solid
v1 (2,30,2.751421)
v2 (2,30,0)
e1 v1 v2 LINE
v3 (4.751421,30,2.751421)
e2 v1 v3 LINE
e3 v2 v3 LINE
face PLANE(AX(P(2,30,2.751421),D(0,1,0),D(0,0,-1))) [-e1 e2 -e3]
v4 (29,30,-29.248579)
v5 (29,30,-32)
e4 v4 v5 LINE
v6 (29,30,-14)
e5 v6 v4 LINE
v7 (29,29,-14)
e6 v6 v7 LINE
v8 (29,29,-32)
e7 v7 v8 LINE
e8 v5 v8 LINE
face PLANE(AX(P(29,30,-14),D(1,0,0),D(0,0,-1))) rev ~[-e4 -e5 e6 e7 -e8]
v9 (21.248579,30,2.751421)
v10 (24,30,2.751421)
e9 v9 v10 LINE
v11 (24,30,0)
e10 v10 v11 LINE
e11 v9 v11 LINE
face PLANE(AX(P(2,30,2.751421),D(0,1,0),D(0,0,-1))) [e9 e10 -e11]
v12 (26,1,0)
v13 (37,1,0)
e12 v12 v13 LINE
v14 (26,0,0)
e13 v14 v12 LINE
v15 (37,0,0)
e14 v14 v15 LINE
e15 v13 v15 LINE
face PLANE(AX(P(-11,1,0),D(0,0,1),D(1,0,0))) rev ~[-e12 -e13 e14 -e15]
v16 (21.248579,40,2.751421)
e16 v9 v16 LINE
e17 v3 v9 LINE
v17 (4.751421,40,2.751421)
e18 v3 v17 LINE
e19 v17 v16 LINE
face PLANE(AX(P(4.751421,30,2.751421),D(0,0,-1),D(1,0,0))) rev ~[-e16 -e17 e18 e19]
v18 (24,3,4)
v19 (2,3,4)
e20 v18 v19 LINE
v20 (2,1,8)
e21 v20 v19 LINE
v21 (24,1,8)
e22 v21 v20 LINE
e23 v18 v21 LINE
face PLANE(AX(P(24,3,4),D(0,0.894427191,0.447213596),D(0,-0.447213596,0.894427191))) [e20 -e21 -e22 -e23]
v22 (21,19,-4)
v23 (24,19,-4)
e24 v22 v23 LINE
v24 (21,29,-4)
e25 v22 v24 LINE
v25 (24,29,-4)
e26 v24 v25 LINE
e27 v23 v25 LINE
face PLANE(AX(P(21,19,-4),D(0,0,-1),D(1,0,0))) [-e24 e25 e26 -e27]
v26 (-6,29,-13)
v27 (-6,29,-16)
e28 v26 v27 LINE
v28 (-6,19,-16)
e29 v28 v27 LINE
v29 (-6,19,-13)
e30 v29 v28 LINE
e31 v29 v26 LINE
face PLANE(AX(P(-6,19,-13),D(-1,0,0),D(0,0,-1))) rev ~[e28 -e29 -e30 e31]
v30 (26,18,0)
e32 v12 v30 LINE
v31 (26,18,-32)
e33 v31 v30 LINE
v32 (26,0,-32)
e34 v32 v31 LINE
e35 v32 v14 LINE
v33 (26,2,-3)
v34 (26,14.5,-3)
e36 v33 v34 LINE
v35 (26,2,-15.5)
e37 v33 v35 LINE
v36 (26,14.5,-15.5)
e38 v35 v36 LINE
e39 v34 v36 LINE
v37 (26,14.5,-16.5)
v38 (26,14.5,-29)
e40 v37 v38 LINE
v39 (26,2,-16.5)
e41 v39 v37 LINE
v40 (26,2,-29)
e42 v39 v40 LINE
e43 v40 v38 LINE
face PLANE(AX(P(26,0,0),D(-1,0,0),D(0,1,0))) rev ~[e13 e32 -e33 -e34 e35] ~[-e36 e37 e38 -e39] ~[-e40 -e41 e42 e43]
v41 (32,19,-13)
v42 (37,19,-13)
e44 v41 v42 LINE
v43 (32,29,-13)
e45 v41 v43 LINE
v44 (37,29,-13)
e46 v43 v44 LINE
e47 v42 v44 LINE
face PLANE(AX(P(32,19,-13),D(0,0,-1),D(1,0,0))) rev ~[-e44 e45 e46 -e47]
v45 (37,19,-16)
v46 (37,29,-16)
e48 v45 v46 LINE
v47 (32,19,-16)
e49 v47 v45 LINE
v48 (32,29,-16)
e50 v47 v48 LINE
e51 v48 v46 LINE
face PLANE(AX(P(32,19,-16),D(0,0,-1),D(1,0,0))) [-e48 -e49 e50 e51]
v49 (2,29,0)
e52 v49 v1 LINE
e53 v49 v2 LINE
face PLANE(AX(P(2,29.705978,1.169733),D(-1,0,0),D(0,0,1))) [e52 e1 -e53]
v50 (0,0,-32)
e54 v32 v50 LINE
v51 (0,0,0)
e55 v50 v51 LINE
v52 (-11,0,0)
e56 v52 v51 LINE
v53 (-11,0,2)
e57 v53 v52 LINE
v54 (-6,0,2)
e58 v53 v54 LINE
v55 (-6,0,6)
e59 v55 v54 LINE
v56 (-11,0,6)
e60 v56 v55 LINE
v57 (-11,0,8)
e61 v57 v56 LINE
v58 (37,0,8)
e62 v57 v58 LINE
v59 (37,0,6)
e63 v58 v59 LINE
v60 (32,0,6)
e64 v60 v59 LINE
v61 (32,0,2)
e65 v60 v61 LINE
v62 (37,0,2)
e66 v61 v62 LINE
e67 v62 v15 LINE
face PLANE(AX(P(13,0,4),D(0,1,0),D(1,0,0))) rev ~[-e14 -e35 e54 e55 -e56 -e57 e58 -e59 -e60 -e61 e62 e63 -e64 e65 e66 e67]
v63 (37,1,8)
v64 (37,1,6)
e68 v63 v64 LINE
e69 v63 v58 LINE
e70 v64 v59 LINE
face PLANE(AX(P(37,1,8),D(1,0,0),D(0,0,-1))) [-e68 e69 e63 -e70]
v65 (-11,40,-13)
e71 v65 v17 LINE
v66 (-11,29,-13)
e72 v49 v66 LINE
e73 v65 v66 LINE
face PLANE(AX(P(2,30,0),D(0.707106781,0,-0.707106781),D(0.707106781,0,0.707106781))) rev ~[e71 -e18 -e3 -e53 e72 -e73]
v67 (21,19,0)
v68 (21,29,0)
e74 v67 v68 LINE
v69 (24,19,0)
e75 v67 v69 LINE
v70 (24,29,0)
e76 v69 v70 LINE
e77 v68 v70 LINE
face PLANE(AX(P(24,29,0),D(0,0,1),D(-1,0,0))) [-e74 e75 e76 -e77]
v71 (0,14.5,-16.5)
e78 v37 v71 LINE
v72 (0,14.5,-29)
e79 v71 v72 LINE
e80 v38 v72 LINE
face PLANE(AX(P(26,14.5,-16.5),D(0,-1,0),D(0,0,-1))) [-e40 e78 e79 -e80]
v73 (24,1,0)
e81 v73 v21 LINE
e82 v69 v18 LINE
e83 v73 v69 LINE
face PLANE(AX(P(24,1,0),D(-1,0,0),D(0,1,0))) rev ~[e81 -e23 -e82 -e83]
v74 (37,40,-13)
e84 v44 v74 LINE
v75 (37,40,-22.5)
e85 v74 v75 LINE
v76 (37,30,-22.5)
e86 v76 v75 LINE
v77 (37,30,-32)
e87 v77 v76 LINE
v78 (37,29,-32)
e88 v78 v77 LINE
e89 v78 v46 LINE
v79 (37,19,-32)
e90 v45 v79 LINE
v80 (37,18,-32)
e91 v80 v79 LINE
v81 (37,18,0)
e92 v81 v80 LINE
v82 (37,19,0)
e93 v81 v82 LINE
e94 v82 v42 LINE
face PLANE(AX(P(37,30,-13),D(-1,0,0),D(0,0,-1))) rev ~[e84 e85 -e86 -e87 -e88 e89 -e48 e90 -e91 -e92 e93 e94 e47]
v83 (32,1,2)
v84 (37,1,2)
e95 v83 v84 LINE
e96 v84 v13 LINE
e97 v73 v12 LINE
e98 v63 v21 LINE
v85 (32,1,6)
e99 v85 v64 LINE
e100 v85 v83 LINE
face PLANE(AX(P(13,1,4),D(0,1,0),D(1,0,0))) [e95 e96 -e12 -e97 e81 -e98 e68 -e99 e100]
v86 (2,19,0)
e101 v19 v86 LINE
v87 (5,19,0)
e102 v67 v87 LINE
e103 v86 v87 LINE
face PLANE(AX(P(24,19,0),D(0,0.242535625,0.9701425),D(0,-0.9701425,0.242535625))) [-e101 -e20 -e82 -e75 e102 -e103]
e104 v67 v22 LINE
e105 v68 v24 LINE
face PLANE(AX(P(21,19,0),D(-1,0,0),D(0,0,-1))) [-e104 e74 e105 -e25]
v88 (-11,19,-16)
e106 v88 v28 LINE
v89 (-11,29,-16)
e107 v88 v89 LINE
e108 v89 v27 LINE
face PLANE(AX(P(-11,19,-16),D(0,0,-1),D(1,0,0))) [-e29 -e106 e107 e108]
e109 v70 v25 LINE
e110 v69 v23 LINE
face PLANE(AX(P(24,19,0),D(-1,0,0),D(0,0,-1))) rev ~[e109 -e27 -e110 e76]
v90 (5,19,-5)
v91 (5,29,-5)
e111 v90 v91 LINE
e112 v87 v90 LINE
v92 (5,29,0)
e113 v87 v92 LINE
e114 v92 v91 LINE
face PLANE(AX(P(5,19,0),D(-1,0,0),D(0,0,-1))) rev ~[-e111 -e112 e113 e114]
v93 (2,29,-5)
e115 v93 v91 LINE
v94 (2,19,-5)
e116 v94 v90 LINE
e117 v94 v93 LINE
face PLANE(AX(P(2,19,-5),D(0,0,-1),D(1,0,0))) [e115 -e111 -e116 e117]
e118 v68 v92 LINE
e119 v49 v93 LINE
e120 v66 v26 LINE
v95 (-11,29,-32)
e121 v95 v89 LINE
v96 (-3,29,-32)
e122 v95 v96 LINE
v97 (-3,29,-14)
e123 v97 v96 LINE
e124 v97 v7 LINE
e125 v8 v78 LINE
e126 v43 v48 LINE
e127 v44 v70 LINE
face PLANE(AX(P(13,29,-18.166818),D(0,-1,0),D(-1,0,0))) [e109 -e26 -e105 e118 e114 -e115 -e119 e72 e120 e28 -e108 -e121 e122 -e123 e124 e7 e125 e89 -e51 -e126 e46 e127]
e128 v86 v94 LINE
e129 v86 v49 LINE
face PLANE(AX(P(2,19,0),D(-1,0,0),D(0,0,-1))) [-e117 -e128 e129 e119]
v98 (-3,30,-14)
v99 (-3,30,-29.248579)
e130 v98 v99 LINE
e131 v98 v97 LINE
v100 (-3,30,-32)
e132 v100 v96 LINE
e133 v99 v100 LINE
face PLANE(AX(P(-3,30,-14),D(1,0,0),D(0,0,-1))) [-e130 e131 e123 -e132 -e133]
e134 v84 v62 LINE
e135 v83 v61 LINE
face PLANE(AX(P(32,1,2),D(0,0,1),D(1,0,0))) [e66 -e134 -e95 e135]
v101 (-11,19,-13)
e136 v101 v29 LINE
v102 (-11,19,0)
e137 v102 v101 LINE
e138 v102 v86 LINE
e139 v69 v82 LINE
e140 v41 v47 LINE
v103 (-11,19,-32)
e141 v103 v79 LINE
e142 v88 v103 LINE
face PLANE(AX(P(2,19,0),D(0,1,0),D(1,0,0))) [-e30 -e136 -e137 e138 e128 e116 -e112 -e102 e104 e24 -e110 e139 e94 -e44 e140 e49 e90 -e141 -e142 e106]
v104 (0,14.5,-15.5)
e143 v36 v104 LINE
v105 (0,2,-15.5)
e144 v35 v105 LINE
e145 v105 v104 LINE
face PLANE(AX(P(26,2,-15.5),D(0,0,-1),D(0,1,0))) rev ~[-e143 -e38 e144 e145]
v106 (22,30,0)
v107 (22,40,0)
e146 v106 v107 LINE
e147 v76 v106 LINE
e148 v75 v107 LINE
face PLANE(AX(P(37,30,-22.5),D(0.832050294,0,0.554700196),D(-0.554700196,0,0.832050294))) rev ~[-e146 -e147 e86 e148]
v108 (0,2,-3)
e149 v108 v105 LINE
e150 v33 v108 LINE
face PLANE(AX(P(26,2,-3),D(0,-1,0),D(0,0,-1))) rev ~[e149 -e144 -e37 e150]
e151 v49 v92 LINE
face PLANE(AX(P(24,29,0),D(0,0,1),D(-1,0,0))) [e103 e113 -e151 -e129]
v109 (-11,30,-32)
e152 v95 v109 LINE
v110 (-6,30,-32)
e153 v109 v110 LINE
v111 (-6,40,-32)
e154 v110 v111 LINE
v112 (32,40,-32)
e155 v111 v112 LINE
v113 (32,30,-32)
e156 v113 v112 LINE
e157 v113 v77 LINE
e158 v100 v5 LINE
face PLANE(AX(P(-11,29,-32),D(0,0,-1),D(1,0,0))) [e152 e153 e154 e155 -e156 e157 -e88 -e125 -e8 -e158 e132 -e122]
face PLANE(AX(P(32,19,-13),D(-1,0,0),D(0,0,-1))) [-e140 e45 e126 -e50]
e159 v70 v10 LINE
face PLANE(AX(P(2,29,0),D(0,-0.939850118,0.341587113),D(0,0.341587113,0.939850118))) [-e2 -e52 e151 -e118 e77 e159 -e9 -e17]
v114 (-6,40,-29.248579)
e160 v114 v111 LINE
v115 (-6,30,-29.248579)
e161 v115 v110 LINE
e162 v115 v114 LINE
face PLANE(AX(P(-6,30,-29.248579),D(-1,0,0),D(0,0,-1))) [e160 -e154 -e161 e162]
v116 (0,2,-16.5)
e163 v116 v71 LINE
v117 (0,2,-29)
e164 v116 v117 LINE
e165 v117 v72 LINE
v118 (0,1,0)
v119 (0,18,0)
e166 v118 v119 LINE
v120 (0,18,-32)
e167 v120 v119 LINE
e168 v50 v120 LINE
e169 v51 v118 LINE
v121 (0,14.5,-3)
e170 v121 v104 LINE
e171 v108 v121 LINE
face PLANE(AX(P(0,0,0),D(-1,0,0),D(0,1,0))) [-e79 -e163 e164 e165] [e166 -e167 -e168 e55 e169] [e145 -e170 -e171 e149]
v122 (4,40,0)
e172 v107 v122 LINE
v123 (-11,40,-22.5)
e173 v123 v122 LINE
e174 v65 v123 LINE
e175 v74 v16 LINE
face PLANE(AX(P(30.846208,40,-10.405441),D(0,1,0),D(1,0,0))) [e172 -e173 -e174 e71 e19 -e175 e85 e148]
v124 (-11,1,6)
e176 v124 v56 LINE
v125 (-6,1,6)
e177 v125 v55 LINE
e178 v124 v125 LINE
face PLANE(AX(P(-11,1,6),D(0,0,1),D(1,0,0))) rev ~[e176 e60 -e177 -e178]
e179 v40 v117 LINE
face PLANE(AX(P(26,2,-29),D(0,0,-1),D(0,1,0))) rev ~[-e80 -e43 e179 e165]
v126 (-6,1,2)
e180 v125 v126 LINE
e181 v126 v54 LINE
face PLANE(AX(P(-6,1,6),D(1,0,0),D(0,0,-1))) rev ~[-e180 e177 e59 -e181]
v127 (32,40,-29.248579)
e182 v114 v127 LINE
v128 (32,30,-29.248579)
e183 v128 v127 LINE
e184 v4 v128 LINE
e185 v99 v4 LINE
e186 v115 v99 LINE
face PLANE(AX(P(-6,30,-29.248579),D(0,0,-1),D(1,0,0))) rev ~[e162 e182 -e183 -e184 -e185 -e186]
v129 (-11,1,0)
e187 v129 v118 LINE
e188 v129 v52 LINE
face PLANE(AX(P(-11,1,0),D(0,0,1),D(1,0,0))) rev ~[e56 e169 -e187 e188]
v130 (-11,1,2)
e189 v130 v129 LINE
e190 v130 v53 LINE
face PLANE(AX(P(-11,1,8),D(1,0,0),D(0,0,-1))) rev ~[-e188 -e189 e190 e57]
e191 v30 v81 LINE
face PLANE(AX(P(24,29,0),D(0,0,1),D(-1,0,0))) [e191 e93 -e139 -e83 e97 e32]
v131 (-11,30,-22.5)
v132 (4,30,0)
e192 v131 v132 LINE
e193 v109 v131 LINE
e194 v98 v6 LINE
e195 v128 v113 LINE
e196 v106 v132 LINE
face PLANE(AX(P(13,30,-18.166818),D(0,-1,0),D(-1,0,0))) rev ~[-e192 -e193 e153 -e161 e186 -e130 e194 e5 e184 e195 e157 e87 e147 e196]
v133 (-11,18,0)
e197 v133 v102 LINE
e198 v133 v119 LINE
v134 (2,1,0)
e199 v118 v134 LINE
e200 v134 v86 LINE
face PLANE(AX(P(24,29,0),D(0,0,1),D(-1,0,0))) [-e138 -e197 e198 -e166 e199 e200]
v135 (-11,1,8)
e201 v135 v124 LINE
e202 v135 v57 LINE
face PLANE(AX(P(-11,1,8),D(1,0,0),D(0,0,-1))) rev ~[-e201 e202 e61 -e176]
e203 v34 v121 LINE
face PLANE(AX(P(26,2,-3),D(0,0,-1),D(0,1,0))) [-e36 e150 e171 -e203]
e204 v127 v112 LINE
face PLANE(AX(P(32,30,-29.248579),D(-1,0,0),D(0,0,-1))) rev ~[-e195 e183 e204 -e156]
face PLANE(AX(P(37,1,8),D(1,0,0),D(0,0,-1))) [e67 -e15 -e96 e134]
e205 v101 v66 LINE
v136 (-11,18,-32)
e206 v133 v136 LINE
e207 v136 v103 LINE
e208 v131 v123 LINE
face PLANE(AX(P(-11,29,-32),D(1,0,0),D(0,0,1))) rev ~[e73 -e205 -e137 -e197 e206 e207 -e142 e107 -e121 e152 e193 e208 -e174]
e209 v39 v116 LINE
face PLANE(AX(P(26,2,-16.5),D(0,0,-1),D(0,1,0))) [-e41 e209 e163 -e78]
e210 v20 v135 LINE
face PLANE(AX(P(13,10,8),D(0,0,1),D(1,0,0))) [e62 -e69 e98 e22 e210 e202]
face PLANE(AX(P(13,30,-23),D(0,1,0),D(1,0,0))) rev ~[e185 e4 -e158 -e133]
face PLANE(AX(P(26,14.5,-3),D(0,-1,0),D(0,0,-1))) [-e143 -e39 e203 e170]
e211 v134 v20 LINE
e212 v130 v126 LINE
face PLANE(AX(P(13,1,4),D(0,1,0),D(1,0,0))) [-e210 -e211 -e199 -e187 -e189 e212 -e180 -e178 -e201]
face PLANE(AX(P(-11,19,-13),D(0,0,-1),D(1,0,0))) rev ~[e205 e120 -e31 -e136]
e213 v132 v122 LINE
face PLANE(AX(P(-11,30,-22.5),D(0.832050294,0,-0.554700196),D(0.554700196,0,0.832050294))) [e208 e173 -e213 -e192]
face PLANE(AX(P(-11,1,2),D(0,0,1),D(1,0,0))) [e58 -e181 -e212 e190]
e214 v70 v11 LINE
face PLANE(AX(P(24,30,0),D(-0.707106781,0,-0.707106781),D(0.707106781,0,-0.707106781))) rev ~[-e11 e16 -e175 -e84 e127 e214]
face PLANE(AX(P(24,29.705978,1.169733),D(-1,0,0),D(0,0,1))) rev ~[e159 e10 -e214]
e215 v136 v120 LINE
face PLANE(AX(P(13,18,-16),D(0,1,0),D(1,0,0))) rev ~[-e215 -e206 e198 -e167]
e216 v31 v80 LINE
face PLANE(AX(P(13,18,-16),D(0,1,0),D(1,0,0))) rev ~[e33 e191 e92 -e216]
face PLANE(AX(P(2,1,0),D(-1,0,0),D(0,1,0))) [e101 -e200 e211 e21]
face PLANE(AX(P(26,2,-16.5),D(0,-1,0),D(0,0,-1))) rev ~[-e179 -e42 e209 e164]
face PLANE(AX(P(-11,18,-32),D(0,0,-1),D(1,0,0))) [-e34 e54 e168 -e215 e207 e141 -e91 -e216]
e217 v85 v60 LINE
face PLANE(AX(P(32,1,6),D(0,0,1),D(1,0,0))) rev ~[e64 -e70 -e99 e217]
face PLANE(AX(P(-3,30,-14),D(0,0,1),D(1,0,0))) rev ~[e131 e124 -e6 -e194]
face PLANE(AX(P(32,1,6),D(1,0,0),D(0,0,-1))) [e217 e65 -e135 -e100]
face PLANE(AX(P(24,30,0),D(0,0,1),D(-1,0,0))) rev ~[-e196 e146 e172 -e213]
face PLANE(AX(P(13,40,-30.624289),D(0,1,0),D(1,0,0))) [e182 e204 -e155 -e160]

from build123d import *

# Parameters (mm, degrees)
SKETCH1_W            = 27
SKETCH1_H            = 18
BOSS_EXTRUDE1_DEPTH  = 26
SKETCH2_W            = 12.5
SKETCH2_H            = 12.5
CUT_EXTRUDE1_DEPTH   = 26
SKETCH4_W            = 26
SKETCH4_H            = 18
BOSS_EXTRUDE2_DEPTH  = 5
SKETCH5_W            = 12.5
SKETCH5_H            = 12.5
CUT_EXTRUDE2_DEPTH   = 26
SKETCH7_W            = 26
SKETCH7_H            = 1
BOSS_EXTRUDE3_DEPTH  = 8
SKETCH8_W            = 48
SKETCH8_H            = 8
BOSS_EXTRUDE4_DEPTH  = 1
SKETCH9_W            = 5
SKETCH9_H            = 4
CUT_EXTRUDE4_DEPTH   = 8
SKETCH10_W           = 48
SKETCH10_H           = 32
BOSS_EXTRUDE5_DEPTH  = 1
SKETCH12_W           = 5
SKETCH12_H           = 3
BOSS_EXTRUDE7_DEPTH  = 10
SKETCH14_W           = 3
SKETCH14_H           = 5
SKETCH14_H_2         = 4
BOSS_EXTRUDE8_DEPTH  = 10
BOSS_EXTRUDE9_DEPTH  = 1
SKETCH17_W           = 38
SKETCH17_H           = 2.75142147
BOSS_EXTRUDE11_DEPTH = 10
BOSS_EXTRUDE12_DEPTH = 10
BOSS_EXTRUDE13_DEPTH = 22
SKETCH21_W           = 32
SKETCH21_H           = 18
CUT_EXTRUDE5_DEPTH   = 1
SKETCH22_W           = 22
SKETCH22_H           = 18
BOSS_EXTRUDE14_DEPTH = 8
CUT_EXTRUDE6_DEPTH   = 40
BOSS_EXTRUDE17_DEPTH = 10


with BuildPart() as part:
    # Sketch1 → Boss-Extrude1 (new body)
    with BuildSketch(Plane(origin=(0, 0, 0), x_dir=(0, 0, -1), z_dir=(1, 0, 0))):
        with Locations((13.5, 9)):
            Rectangle(SKETCH1_W, SKETCH1_H)
    extrude(amount=BOSS_EXTRUDE1_DEPTH)

    # Sketch2 → Cut-Extrude1 (cut)
    with BuildSketch(Plane(origin=(26, 0, 0), x_dir=(0, 0, -1), z_dir=(1, 0, 0))):
        with Locations((9.25, 8.25)):
            Rectangle(SKETCH2_W, SKETCH2_H)
    extrude(amount=-CUT_EXTRUDE1_DEPTH, mode=Mode.SUBTRACT)

    # Sketch4 → Boss-Extrude2 (add)
    with BuildSketch(Plane(origin=(0, 0, -27), x_dir=(-1, 0, 0), z_dir=(0, 0, -1))):
        with Locations((-13, 9)):
            Rectangle(SKETCH4_W, SKETCH4_H)
    extrude(amount=BOSS_EXTRUDE2_DEPTH)

    # Sketch5 → Cut-Extrude2 (cut)
    with BuildSketch(Plane(origin=(26, 0, 0), x_dir=(0, 0, -1), z_dir=(1, 0, 0))):
        with Locations((22.75, 8.25)):
            Rectangle(SKETCH5_W, SKETCH5_H)
    extrude(amount=-CUT_EXTRUDE2_DEPTH, mode=Mode.SUBTRACT)

    # Sketch7 → Boss-Extrude3 (add)
    with BuildSketch(Plane.XY):
        with Locations((13, 0.5)):
            Rectangle(SKETCH7_W, SKETCH7_H)
    extrude(amount=BOSS_EXTRUDE3_DEPTH)

    # Sketch8 → Boss-Extrude4 (add)
    with BuildSketch(Plane(origin=(0, 1, 0), x_dir=(1, 0, 0), z_dir=(0, 1, 0))):
        with Locations((13, -4)):
            Rectangle(SKETCH8_W, SKETCH8_H)
    extrude(amount=-BOSS_EXTRUDE4_DEPTH)

    # Sketch9 → Cut-Extrude4 (cut)
    with BuildSketch(Plane(origin=(0, 1, 0), x_dir=(1, 0, 0), z_dir=(0, 1, 0))):
        with Locations((-8.5, -4)):
            Rectangle(SKETCH9_W, SKETCH9_H)
        with Locations((34.5, -4)):
            Rectangle(SKETCH9_W, SKETCH9_H)
    extrude(amount=-CUT_EXTRUDE4_DEPTH, mode=Mode.SUBTRACT)

    # Sketch10 → Boss-Extrude5 (add)
    with BuildSketch(Plane(origin=(0, 18, 0), x_dir=(1, 0, 0), z_dir=(0, 1, 0))):
        with Locations((13, 16)):
            Rectangle(SKETCH10_W, SKETCH10_H)
    extrude(amount=BOSS_EXTRUDE5_DEPTH)

    # Sketch12 → Boss-Extrude7 (add)
    with BuildSketch(Plane(origin=(0, 19, 0), x_dir=(1, 0, 0), z_dir=(0, 1, 0))):
        with Locations((-8.5, 14.5)):
            Rectangle(SKETCH12_W, SKETCH12_H)
        with Locations((34.5, 14.5)):
            Rectangle(SKETCH12_W, SKETCH12_H)
    extrude(amount=BOSS_EXTRUDE7_DEPTH)

    # Sketch14 → Boss-Extrude8 (add)
    with BuildSketch(Plane(origin=(0, 19, 0), x_dir=(1, 0, 0), z_dir=(0, 1, 0))):
        with Locations((3.5, 2.5)):
            Rectangle(SKETCH14_W, SKETCH14_H)
        with Locations((22.5, 2)):
            Rectangle(SKETCH14_W, SKETCH14_H_2)
    extrude(amount=BOSS_EXTRUDE8_DEPTH)

    # Sketch15 → Boss-Extrude9 (add)
    with BuildSketch(Plane(origin=(0, 29, 0), x_dir=(1, 0, 0), z_dir=(0, 1, 0))):
        Polygon((2, 0), (-11, 13), (-11, 16), (-11, 32), (37, 32), (37, 13), (24, 0), align=None)
    extrude(amount=BOSS_EXTRUDE9_DEPTH)

    # Sketch17 → Boss-Extrude11 (add)
    with BuildSketch(Plane(origin=(0, 30, 0), x_dir=(1, 0, 0), z_dir=(0, 1, 0))):
        with Locations((13, 30.624289265)):
            Rectangle(SKETCH17_W, SKETCH17_H)
    extrude(amount=BOSS_EXTRUDE11_DEPTH)



with BuildPart() as body_2:
    # Sketch18 → Boss-Extrude12 (new body)
    with BuildSketch(Plane(origin=(0, 30, 0), x_dir=(1, 0, 0), z_dir=(0, 1, 0))):
        Polygon((2, 0), (4.75142147, -2.75142147), (21.24857853, -2.75142147), (24, 0), align=None)
    extrude(amount=BOSS_EXTRUDE12_DEPTH)


with BuildPart() as part_1:
    add(part.part)

    add(body_2.part)  # Boss-Extrude13 merges body 2
    # Sketch19 → Boss-Extrude13 (add)
    with BuildSketch(Plane(origin=(2, 30, 0), x_dir=(0, 0, 1), z_dir=(-1, 0, 0))):
        Polygon((0, -1), (2.75142147, 0), (0, 0), align=None)
    extrude(amount=-BOSS_EXTRUDE13_DEPTH)

    # Sketch21 → Cut-Extrude5 (cut)
    with BuildSketch(Plane(origin=(0, 30, 0), x_dir=(1, 0, 0), z_dir=(0, 1, 0))):
        with Locations((13, 23)):
            Rectangle(SKETCH21_W, SKETCH21_H)
    extrude(amount=-CUT_EXTRUDE5_DEPTH, mode=Mode.SUBTRACT)

    # Sketch22 → Boss-Extrude14 (add)
    with BuildSketch(Plane.XY):
        with Locations((13, 10)):
            Rectangle(SKETCH22_W, SKETCH22_H)
    extrude(amount=BOSS_EXTRUDE14_DEPTH)

    # Sketch23 → Cut-Extrude6 (cut)
    with BuildSketch(Plane(origin=(24, 0, 0), x_dir=(0, 0, -1), z_dir=(1, 0, 0))):
        Polygon((0, 19), (-4, 3), (-8, 1), (-8, 19), align=None)
    extrude(amount=-CUT_EXTRUDE6_DEPTH, mode=Mode.SUBTRACT)

    # Sketch25 → Boss-Extrude17 (add)
    with BuildSketch(Plane(origin=(0, 30, 0), x_dir=(1, 0, 0), z_dir=(0, 1, 0))):
        Polygon((24, 0), (37, 13), (37, 22.5), (22, 0), align=None)
        Polygon((2, 0), (-11, 13), (-11, 22.5), (4, 0), align=None)
    extrude(amount=BOSS_EXTRUDE17_DEPTH)


solid = part_1.part
